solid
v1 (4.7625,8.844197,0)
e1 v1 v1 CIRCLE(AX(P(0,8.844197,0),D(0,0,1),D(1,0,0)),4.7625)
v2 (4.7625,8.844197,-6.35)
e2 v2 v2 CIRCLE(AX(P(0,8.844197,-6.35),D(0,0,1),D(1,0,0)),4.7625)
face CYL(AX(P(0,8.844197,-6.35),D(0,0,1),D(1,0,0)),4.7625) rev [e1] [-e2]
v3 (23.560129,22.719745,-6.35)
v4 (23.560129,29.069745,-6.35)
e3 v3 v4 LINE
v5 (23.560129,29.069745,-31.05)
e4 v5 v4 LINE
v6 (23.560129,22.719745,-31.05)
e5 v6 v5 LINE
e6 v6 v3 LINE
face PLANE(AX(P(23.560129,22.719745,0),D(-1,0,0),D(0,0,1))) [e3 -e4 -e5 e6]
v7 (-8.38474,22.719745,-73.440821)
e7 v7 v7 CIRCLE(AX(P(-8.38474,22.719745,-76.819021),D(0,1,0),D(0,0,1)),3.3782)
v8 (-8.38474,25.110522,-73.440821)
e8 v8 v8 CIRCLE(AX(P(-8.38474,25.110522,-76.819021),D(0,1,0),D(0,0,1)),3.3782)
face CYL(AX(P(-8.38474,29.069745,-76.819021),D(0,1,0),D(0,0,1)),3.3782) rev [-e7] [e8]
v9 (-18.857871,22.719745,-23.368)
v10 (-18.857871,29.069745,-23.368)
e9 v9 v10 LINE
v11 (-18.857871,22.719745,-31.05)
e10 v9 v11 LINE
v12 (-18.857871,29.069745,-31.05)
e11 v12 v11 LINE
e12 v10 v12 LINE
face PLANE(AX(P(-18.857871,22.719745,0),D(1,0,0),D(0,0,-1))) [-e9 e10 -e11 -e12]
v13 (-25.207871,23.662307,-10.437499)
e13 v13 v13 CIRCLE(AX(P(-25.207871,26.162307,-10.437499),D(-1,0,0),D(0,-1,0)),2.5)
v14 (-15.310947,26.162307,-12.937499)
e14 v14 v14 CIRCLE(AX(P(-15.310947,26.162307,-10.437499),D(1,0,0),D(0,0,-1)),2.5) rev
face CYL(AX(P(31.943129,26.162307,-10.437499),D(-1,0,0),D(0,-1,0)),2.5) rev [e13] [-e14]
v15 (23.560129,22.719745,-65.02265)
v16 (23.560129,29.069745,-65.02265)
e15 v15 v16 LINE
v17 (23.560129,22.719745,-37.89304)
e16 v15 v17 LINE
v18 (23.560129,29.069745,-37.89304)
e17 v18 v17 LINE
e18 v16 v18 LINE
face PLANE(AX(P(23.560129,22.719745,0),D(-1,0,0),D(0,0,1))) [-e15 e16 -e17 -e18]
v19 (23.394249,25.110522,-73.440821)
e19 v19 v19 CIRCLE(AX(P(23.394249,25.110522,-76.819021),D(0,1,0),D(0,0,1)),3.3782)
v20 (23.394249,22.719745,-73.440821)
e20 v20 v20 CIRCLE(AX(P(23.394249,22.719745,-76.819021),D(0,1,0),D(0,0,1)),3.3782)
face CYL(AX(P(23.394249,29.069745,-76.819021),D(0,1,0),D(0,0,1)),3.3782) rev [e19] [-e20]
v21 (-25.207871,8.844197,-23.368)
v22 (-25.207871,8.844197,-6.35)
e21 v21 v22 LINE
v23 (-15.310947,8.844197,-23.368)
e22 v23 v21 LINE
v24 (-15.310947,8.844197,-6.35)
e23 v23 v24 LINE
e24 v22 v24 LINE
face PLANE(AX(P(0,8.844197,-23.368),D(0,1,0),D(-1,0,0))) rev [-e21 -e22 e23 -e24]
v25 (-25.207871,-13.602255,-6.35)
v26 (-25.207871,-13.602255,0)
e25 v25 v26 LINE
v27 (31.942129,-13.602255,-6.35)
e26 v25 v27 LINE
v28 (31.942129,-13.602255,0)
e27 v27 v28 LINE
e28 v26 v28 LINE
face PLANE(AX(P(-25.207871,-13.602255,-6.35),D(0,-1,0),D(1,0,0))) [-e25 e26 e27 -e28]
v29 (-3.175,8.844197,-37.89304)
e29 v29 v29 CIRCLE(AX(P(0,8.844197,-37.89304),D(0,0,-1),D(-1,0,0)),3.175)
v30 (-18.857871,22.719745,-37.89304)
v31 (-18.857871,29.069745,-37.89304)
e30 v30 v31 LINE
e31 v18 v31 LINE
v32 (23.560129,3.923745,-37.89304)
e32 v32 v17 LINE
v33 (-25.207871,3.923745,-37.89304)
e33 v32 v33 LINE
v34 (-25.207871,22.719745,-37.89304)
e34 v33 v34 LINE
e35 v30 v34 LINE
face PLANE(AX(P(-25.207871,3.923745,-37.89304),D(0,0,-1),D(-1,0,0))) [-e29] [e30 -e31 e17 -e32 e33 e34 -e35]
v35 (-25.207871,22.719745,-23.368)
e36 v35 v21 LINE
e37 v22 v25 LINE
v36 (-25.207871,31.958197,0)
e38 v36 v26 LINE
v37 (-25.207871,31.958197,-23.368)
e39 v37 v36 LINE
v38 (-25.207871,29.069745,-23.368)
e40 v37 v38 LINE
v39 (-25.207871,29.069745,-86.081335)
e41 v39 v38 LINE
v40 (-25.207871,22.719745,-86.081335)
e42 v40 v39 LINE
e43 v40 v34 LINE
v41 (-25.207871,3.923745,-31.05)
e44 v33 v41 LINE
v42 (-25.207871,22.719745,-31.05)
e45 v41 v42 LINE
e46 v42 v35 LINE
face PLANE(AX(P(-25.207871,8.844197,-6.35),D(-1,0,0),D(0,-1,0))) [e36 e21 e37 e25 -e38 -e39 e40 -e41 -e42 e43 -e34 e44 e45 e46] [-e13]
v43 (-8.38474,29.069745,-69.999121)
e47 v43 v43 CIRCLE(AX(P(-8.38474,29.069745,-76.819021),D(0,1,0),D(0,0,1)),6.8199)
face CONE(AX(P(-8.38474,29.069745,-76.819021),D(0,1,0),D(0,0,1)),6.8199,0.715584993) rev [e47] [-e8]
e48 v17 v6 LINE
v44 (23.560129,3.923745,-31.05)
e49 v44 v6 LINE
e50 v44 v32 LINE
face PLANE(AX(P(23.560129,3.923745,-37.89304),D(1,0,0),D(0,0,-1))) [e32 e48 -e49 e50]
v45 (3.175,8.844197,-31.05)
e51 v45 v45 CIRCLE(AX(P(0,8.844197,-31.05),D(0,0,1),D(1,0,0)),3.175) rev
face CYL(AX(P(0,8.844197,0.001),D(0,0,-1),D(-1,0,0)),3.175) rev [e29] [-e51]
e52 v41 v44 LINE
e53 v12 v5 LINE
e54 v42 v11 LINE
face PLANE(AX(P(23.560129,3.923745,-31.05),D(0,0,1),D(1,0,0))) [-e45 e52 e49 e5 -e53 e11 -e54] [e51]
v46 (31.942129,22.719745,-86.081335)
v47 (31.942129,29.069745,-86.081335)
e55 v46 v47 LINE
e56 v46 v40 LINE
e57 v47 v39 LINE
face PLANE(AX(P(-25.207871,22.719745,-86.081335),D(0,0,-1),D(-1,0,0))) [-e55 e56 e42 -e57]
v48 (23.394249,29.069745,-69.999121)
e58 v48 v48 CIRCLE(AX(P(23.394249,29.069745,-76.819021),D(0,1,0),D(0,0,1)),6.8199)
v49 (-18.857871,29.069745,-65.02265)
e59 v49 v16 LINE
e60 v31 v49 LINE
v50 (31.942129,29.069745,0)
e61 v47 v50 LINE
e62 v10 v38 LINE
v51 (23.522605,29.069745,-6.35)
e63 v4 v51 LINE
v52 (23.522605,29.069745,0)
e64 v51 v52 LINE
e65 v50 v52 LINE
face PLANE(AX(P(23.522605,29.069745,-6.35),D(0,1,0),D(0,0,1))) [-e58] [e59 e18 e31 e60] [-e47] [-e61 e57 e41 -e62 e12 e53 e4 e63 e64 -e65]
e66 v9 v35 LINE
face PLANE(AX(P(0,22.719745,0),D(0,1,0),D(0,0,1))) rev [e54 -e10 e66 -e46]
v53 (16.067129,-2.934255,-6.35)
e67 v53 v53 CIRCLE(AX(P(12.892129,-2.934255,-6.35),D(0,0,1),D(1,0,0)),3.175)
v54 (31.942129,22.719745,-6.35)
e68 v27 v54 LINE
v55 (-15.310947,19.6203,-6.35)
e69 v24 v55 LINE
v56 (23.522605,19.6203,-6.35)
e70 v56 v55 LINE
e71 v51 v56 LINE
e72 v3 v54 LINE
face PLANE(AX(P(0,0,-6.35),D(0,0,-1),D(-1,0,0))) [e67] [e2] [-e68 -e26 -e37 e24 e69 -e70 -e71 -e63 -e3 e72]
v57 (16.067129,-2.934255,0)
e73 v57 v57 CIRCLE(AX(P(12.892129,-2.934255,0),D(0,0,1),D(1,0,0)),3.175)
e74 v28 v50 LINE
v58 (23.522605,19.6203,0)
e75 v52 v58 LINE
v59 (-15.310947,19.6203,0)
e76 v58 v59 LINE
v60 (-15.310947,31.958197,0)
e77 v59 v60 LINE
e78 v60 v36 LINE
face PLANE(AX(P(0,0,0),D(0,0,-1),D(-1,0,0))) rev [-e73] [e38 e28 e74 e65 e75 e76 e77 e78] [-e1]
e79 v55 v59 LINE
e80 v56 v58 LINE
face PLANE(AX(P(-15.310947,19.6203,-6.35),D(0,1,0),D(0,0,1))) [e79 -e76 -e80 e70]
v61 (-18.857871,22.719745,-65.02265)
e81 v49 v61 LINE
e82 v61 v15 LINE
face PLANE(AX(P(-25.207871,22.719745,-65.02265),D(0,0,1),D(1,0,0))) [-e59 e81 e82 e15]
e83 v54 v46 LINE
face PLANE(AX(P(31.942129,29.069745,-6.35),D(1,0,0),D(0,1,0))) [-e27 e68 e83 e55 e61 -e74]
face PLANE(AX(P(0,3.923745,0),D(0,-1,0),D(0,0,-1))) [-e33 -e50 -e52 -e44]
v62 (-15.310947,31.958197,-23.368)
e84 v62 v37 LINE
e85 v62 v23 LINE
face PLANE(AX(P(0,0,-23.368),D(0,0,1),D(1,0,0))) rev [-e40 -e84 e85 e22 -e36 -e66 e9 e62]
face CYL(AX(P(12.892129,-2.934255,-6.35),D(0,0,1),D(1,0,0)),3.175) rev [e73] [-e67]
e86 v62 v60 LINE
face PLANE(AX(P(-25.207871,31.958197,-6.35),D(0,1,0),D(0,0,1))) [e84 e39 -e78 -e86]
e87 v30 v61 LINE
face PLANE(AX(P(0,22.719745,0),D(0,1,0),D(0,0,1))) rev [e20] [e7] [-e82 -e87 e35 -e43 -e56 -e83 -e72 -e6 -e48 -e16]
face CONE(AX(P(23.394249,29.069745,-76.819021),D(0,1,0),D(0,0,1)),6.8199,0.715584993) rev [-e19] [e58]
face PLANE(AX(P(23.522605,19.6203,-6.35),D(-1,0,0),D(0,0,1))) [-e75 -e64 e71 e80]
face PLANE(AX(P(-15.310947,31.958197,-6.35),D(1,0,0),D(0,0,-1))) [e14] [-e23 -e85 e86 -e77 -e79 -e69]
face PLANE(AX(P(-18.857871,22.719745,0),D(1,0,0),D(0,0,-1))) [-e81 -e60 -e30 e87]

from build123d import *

# Parameters (mm, degrees)
SKETCH1_R                                        = 3.175
SKETCH1_R_2                                      = 4.762499999
BOSS_EXTRUDE1_DEPTH                              = 6.35
BOSS_EXTRUDE2_DEPTH                              = 23.368
SKETCH3_W                                        = 6.35
SKETCH3_H                                        = 78.34
SKETCH3_W_2                                      = 8.382
BOSS_EXTRUDE3_DEPTH                              = 6.35
CUT_EXTRUDE1_REACH                               = 104.101
SKETCH4_R                                        = 2.5
BOSS_EXTRUDE4_DEPTH                              = 6.35
CSK_FOR_1_4_FLAT_HEAD_MACHINE_SCREW1_D           = 6.7564
CSK_FOR_1_4_FLAT_HEAD_MACHINE_SCREW1_CSINK_D     = 13.6398
CSK_FOR_1_4_FLAT_HEAD_MACHINE_SCREW1_CSINK_ANGLE = 82
SKETCH8_W                                        = 48.768
SKETCH8_H                                        = 6.843039895
BOSS_EXTRUDE5_DEPTH                              = 25.146
CUT_EXTRUDE2_REACH                               = 68.059
SKETCH10_R                                       = 3.175


with BuildPart() as part:
    # Sketch1 → Boss-Extrude1 (new body)
    with BuildSketch(Plane.XY):
        Polygon((23.52260518, 29.069744957), (31.942128684, 29.069744957), (31.942128684, -13.602255043), (-25.207871316, -13.602255043), (-25.207871316, 8.844196721), (-25.207871316, 31.958196721), (-18.857871316, 31.958196721), (-15.310946905, 31.958196721), (-15.310946905, 22.656471706), (-15.310946905, 19.620299994), (23.52260518, 19.620299994), (23.52260518, 22.656471706), align=None)
        with Locations((12.892128684, -2.934255043)):
            Circle(SKETCH1_R, mode=Mode.SUBTRACT)
        with Locations((6.7e-08, 8.844196721)):
            Circle(SKETCH1_R_2, mode=Mode.SUBTRACT)
    extrude(amount=-BOSS_EXTRUDE1_DEPTH)

    # Sketch2 → Boss-Extrude2 (add)
    with BuildSketch(Plane.XY):
        Polygon((-15.310946905, 31.958196721), (-18.857871316, 31.958196721), (-25.207871316, 31.958196721), (-25.207871316, 8.844196721), (-18.857871316, 8.844196721), (-15.310946905, 8.844196721), (-15.310946905, 19.620299994), align=None)
    extrude(amount=-BOSS_EXTRUDE2_DEPTH)

    # Sketch3 → Boss-Extrude3 (add)
    with BuildSketch(Plane(origin=(0, 29.069744957, 0), x_dir=(1, 0, 0), z_dir=(0, 1, 0))):
        with Locations((-22.032871316, 39.17)):
            Rectangle(SKETCH3_W, SKETCH3_H)
        with Locations((27.751128684, 39.17)):
            Rectangle(SKETCH3_W_2, SKETCH3_H)
    extrude(amount=-BOSS_EXTRUDE3_DEPTH)

    # Sketch4 → Cut-Extrude1 (cut, up to next)
    with BuildSketch(Plane.ZY.offset(25.207871316), mode=Mode.PRIVATE) as cut_extrude1_sk1:
        with Locations(Location((-10.437499124, 26.162307082, 0), (0, 0, 270))):
            Circle(SKETCH4_R)
    cut_extrude1_tool1 = extrude(cut_extrude1_sk1.sketch, amount=-CUT_EXTRUDE1_REACH, mode=Mode.PRIVATE) & part.part
    add(cut_extrude1_tool1.solids().sort_by_distance((-25.207871, 26.162307, -10.437499))[0], mode=Mode.SUBTRACT)

    # Sketch5 → Boss-Extrude4 (add)
    with BuildSketch(Plane(origin=(0, 29.069744957, 0), x_dir=(1, 0, 0), z_dir=(0, 1, 0))):
        Polygon((-25.207871316, 78.34), (-25.207871316, 65.022649662), (31.942128684, 65.022649662), (31.942128684, 78.34), (31.942128684, 86.081334737), (-25.207871316, 86.081334737), align=None)
    extrude(amount=-BOSS_EXTRUDE4_DEPTH)

    # CSK for 1/4 Flat Head Machine Screw1 (through all)
    with Locations(Plane(origin=(0, 29.069744957, 0), x_dir=(1, 0, 0), z_dir=(0, 1, 0))):
        with Locations((-8.384740386, 76.819020678), (23.394249394, 76.819020678)):
            CounterSinkHole(CSK_FOR_1_4_FLAT_HEAD_MACHINE_SCREW1_D / 2, CSK_FOR_1_4_FLAT_HEAD_MACHINE_SCREW1_CSINK_D / 2, counter_sink_angle=CSK_FOR_1_4_FLAT_HEAD_MACHINE_SCREW1_CSINK_ANGLE)

    # Sketch8 → Boss-Extrude5 (add)
    with BuildSketch(Plane(origin=(0, 29.069744957, 0), x_dir=(1, 0, 0), z_dir=(0, 1, 0))):
        with Locations((-0.823871316, 34.471519947)):
            Rectangle(SKETCH8_W, SKETCH8_H)
    extrude(amount=-BOSS_EXTRUDE5_DEPTH)

    # Sketch10 → Cut-Extrude2 (cut, up to next)
    with BuildSketch(Plane(origin=(0, 0, -37.893039895), x_dir=(-1, 0, 0), z_dir=(0, 0, -1)), mode=Mode.PRIVATE) as cut_extrude2_sk1:
        with Locations((-6.7e-08, 8.844196721)):
            Circle(SKETCH10_R)
    cut_extrude2_tool1 = extrude(cut_extrude2_sk1.sketch, amount=-CUT_EXTRUDE2_REACH, mode=Mode.PRIVATE) & part.part
    add(cut_extrude2_tool1.solids().sort_by_distance((0, 8.844197, -37.89304))[0], mode=Mode.SUBTRACT)


solid = part.part
